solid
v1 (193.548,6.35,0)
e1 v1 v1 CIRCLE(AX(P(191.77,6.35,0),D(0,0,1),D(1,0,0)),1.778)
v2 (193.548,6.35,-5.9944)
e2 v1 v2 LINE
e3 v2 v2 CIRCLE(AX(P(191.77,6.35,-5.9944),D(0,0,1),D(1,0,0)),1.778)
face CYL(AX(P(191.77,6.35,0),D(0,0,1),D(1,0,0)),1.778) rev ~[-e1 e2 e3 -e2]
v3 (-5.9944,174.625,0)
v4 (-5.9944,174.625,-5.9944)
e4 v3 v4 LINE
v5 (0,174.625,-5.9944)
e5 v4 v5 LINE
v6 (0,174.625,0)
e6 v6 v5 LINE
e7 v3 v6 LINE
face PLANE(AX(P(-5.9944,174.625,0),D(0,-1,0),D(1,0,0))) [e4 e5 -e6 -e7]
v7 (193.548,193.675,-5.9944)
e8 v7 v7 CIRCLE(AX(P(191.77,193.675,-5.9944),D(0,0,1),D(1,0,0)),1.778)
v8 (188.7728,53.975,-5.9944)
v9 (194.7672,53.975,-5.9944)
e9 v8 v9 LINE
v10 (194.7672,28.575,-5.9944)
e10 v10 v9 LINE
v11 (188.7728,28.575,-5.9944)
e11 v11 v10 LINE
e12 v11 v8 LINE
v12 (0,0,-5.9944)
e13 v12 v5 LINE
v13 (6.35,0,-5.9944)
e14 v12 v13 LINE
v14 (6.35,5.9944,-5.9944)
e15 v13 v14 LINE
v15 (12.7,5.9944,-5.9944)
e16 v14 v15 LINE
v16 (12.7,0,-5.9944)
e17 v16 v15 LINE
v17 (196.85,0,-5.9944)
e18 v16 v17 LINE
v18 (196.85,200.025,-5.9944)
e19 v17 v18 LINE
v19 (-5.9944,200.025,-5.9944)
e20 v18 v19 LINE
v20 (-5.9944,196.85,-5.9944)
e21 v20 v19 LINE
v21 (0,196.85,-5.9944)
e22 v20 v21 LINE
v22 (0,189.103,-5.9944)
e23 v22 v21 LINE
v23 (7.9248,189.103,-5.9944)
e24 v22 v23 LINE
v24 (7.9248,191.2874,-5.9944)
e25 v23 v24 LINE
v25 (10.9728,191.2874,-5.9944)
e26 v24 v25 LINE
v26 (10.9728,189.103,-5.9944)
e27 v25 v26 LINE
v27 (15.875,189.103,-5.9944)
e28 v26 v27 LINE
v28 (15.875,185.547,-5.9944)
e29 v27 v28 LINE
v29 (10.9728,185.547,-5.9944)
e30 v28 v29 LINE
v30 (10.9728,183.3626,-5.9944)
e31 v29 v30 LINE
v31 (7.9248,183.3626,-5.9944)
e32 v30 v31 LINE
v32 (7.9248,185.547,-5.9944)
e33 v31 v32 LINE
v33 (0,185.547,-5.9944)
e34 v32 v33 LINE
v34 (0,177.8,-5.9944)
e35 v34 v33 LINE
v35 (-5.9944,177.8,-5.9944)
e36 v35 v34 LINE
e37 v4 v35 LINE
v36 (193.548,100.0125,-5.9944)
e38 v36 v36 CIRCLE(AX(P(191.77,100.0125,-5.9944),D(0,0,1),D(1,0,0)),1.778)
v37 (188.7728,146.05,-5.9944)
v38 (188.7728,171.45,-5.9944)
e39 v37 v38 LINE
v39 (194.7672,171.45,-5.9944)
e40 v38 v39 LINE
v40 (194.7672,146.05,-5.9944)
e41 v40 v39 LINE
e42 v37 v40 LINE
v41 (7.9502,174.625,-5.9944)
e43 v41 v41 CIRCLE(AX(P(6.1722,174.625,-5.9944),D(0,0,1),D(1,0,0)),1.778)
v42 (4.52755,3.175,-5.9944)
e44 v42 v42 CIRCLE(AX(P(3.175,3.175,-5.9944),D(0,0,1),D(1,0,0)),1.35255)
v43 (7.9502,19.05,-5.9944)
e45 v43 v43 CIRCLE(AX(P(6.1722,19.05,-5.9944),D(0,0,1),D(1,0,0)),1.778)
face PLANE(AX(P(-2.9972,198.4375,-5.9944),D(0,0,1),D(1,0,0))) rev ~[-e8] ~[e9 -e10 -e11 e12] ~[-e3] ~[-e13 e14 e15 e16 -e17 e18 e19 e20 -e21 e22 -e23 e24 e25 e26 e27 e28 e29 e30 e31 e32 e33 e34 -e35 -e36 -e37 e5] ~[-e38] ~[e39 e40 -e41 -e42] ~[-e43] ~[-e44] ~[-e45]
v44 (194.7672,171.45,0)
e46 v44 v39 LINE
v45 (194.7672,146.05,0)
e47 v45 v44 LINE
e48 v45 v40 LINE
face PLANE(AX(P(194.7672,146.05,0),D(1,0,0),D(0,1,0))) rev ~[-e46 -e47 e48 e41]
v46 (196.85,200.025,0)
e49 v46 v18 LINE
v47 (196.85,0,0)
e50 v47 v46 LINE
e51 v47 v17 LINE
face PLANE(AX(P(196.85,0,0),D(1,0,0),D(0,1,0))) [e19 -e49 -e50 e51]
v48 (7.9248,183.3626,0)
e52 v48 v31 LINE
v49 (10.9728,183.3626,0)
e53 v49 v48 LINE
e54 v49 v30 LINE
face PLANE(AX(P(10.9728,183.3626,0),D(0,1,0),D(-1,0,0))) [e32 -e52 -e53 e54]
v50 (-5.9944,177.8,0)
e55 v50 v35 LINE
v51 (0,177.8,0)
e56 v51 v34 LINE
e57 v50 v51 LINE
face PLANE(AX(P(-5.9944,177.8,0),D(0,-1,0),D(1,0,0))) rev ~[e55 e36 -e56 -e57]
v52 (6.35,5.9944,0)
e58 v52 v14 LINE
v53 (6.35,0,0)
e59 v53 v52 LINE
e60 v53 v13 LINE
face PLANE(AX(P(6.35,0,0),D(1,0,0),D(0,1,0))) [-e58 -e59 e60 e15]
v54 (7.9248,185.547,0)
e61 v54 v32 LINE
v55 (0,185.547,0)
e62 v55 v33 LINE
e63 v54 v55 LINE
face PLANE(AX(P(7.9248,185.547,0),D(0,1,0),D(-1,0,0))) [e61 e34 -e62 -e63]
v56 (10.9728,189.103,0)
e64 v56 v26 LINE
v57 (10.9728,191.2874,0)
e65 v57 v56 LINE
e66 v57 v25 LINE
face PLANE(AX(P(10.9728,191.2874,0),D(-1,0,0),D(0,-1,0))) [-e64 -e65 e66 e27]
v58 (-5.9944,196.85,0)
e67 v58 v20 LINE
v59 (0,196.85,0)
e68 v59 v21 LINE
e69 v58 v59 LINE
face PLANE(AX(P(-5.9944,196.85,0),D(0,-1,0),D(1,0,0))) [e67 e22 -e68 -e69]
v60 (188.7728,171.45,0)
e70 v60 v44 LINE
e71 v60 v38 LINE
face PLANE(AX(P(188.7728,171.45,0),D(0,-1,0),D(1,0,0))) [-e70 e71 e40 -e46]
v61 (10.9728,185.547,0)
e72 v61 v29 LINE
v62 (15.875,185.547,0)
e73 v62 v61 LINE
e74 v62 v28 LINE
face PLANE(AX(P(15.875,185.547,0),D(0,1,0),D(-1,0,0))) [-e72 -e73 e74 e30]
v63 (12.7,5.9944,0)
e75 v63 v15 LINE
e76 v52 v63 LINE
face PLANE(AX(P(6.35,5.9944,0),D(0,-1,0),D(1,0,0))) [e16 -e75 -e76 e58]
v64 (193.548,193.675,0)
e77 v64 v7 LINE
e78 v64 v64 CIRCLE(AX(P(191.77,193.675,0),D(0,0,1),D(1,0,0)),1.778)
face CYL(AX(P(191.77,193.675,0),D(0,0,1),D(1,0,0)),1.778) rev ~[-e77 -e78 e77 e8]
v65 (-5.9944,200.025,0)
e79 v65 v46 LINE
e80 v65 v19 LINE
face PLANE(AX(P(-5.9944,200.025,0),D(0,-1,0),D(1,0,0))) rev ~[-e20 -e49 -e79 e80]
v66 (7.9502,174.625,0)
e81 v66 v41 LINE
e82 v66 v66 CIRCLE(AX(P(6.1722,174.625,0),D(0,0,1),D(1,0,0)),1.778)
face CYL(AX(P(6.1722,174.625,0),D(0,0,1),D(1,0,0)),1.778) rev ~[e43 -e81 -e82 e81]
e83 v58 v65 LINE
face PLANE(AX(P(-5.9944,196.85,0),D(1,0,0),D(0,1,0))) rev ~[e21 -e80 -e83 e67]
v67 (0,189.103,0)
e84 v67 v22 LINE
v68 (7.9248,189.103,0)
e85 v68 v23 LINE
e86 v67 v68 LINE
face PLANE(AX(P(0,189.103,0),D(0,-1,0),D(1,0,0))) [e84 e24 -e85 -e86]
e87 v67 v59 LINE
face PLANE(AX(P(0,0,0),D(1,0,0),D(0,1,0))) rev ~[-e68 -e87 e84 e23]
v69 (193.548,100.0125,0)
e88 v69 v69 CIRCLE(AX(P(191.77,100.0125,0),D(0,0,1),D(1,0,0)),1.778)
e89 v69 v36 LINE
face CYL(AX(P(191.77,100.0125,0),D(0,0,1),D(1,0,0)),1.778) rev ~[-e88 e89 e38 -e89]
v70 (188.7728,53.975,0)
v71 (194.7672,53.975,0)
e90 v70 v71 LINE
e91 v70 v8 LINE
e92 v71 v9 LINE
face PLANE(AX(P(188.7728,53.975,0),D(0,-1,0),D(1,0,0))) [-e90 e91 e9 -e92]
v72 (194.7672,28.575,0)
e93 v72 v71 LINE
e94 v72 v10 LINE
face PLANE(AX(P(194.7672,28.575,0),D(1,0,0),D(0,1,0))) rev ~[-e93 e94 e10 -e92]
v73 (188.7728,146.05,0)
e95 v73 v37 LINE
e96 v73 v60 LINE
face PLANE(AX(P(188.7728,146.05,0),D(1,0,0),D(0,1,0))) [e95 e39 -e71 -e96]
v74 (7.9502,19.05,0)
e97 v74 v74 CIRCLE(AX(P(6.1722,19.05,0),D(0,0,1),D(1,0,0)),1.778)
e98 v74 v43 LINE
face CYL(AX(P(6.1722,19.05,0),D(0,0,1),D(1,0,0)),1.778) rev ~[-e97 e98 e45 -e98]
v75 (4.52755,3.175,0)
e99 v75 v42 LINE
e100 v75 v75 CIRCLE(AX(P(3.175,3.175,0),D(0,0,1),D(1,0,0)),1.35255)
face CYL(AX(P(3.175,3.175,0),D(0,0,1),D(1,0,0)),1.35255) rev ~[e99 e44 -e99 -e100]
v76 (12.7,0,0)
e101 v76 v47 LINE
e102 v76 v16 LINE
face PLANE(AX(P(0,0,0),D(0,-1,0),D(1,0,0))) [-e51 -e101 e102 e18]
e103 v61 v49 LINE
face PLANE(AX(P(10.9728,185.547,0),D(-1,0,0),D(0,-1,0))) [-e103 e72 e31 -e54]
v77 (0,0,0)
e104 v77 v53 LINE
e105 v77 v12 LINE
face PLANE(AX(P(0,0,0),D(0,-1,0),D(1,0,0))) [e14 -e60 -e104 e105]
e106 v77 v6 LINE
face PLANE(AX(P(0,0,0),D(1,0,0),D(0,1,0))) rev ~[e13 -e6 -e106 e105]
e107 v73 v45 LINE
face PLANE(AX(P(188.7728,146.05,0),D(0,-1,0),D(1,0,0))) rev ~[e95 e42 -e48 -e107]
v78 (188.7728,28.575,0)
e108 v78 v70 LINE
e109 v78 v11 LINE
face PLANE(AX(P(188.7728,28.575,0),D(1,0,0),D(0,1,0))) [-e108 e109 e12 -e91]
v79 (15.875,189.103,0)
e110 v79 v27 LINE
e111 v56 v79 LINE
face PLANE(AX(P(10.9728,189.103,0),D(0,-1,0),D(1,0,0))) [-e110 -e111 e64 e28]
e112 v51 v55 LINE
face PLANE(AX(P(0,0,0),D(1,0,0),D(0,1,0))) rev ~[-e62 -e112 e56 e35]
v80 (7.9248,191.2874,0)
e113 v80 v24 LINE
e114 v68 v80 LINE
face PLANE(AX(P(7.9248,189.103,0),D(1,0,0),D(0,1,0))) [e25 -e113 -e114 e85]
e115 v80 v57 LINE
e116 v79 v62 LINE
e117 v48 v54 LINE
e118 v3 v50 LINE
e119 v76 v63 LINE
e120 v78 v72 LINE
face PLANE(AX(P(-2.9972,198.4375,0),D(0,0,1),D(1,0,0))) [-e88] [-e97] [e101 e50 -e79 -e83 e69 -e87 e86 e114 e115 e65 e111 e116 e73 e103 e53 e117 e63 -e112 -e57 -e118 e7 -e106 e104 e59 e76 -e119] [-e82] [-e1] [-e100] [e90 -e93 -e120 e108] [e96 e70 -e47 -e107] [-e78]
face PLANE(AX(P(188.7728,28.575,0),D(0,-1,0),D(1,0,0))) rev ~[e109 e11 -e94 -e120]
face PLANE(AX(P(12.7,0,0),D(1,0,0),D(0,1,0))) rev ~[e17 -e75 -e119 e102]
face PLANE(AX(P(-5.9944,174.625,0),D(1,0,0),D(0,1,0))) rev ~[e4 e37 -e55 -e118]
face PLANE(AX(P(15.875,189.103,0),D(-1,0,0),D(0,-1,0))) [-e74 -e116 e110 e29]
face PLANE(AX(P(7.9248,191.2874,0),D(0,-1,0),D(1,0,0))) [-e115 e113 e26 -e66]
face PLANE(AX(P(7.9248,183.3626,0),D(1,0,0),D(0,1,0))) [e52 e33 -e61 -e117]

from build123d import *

# Parameters (mm, degrees)
SKETCH1_W           = 196.85
SKETCH1_H           = 200.025
BOSS_EXTRUDE1_DEPTH = 5.9944
SKETCH2_R           = 1.778
SKETCH2_R_2         = 1.35255
SKETCH2_W           = 5.9944
SKETCH2_H           = 25.4
SKETCH2_W_2         = 6.35
SKETCH2_H_2         = 5.9944
CUT_EXTRUDE1_DEPTH  = 6.9944
SKETCH3_W           = 5.9944
SKETCH3_H           = 3.175
BOSS_EXTRUDE2_DEPTH = 5.9944


with BuildPart() as part:
    # Sketch1 → Boss-Extrude1 (new body)
    with BuildSketch(Plane.XY):
        with Locations((98.425, 100.0125)):
            Rectangle(SKETCH1_W, SKETCH1_H)
    extrude(amount=-BOSS_EXTRUDE1_DEPTH)

    # Sketch2 → Cut-Extrude1 (cut, through all)
    with BuildSketch(Plane.XY):
        with Locations((191.77, 193.675)):
            Circle(SKETCH2_R)
        with Locations((191.77, 100.0125)):
            Circle(SKETCH2_R)
        with Locations((191.77, 6.35)):
            Circle(SKETCH2_R)
        with Locations((3.175, 3.175)):
            Circle(SKETCH2_R_2)
        with Locations((6.1722, 174.625)):
            Circle(SKETCH2_R)
        with Locations((6.1722, 19.05)):
            Circle(SKETCH2_R)
        with Locations((191.77, 158.75)):
            Rectangle(SKETCH2_W, SKETCH2_H)
        with Locations((191.77, 41.275)):
            Rectangle(SKETCH2_W, SKETCH2_H)
        Polygon((7.9248, 189.103), (7.9248, 191.2874), (10.9728, 191.2874), (10.9728, 189.103), (15.875, 189.103), (15.875, 185.547), (10.9728, 185.547), (10.9728, 183.3626), (7.9248, 183.3626), (7.9248, 185.547), (0, 185.547), (0, 189.103), align=None)
        with Locations((9.525, 2.9972)):
            Rectangle(SKETCH2_W_2, SKETCH2_H_2)
    extrude(amount=-CUT_EXTRUDE1_DEPTH, mode=Mode.SUBTRACT)

    # Sketch3 → Boss-Extrude2 (add)
    with BuildSketch(Plane.XY):
        with Locations((-2.9972, 198.4375)):
            Rectangle(SKETCH3_W, SKETCH3_H)
        with Locations((-2.9972, 176.2125)):
            Rectangle(SKETCH3_W, SKETCH3_H)
    extrude(amount=-BOSS_EXTRUDE2_DEPTH)


solid = part.part
